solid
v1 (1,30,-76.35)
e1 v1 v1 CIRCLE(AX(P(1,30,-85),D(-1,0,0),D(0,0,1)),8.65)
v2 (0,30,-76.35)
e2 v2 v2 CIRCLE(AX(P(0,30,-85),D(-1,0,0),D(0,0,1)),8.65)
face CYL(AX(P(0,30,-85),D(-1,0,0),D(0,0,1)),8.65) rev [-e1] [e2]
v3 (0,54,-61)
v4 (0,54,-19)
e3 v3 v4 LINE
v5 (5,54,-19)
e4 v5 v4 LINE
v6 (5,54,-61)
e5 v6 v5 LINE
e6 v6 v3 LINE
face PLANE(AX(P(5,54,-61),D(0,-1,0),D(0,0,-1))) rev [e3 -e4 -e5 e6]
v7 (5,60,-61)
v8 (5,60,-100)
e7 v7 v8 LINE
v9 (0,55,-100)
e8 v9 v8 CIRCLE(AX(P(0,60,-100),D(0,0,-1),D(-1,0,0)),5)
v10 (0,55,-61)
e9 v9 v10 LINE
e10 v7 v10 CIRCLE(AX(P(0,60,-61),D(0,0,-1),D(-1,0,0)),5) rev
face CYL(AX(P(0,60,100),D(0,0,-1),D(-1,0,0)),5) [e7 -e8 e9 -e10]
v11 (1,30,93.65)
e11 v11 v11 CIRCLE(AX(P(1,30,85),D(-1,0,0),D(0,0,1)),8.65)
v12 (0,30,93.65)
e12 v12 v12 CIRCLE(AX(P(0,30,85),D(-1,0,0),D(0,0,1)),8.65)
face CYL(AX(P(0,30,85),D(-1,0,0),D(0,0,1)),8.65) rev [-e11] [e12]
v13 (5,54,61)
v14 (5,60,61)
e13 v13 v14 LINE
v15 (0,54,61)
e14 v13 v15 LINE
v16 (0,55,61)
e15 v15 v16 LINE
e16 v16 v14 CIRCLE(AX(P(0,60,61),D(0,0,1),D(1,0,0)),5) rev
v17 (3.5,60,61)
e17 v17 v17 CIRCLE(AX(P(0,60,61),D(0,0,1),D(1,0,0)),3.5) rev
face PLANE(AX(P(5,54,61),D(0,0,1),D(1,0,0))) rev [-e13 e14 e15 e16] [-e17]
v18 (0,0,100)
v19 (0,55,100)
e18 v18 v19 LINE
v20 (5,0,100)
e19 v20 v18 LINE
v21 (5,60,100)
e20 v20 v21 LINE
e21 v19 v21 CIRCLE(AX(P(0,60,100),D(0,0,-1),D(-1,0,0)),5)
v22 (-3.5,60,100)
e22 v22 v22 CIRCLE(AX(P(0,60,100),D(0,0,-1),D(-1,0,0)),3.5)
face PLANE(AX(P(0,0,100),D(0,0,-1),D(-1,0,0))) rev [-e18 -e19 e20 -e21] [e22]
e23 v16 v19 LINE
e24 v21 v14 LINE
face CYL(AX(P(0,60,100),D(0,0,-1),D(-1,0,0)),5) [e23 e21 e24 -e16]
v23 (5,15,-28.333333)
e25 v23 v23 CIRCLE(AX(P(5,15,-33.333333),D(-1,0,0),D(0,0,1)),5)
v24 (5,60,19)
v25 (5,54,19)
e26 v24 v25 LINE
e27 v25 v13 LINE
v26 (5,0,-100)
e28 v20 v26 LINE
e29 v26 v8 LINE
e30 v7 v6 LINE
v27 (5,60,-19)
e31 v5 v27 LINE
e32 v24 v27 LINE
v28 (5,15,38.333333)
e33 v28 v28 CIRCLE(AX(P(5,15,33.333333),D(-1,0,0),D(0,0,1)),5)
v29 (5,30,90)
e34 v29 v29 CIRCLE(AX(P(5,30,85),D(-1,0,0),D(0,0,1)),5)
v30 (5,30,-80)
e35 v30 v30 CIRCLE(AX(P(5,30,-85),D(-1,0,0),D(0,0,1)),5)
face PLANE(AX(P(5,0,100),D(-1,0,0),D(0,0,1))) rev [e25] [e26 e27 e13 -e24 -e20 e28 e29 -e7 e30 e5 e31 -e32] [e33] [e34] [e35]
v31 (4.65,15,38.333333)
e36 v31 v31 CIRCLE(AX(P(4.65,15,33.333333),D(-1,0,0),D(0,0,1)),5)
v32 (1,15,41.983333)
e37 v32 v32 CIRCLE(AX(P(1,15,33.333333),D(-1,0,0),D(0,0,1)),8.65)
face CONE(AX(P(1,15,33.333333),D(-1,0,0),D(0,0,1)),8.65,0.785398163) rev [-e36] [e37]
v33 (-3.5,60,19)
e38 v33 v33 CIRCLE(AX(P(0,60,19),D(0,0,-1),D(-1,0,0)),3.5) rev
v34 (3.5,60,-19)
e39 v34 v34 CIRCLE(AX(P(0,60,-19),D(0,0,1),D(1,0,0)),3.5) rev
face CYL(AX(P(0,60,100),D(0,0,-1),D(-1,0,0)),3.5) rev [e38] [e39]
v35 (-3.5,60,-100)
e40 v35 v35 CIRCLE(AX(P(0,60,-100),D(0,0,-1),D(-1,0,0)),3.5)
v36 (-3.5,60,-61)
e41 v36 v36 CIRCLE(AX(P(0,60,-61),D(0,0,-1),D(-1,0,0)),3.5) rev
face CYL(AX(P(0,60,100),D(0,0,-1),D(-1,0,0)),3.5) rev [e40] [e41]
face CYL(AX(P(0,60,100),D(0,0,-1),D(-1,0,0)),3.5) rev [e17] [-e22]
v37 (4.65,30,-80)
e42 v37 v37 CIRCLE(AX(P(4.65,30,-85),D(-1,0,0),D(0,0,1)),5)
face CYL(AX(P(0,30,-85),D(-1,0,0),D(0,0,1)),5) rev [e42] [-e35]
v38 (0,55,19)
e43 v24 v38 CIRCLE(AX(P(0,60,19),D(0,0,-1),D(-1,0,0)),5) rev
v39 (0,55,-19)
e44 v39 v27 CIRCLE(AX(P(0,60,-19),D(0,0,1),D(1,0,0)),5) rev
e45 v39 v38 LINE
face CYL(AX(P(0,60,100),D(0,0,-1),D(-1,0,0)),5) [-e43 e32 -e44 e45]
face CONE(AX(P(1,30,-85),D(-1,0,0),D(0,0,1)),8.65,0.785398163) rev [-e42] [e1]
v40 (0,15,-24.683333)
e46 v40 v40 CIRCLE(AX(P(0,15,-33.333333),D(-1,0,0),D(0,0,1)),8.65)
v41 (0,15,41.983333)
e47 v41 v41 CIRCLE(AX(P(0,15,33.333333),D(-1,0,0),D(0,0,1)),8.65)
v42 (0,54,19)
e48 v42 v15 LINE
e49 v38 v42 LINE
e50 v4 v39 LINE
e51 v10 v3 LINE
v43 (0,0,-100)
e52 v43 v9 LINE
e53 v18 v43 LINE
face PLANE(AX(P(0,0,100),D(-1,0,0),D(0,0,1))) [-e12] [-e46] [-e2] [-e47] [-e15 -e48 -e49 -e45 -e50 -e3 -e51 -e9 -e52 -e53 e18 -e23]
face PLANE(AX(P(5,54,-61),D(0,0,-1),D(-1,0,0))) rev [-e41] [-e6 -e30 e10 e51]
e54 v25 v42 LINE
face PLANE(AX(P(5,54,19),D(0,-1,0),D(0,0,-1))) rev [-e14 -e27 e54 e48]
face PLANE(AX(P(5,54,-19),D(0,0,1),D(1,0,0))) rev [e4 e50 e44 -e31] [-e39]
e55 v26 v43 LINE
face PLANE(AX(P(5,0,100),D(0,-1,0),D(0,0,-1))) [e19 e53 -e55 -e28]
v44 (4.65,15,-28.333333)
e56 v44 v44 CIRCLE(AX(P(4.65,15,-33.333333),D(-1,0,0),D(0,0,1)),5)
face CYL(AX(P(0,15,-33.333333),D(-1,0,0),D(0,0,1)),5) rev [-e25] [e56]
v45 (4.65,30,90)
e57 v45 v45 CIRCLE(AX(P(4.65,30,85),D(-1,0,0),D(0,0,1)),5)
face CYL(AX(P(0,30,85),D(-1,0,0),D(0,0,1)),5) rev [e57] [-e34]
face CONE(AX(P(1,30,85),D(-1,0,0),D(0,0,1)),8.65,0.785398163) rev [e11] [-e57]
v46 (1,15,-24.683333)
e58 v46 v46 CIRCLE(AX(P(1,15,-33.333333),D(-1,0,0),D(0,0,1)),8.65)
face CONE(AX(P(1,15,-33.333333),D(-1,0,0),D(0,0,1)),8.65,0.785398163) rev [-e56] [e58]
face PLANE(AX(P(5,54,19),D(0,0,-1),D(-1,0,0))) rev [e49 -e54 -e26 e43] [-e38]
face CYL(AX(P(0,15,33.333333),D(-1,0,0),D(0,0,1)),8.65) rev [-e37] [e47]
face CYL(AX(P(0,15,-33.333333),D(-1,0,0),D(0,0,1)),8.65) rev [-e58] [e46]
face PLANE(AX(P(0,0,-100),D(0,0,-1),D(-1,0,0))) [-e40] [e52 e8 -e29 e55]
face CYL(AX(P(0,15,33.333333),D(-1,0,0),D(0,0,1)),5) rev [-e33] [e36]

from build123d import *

# Parameters (mm, degrees)
SKETCH1_W                                      = 5
SKETCH1_H                                      = 60
EXTRUDE_THIN1_DEPTH                            = 100
SKETCH2_R                                      = 5
SKETCH3_R                                      = 3.5
CUT_EXTRUDE1_DEPTH                             = 211.35683968
CSK_FOR_M8_FLAT_HEAD_MACHINE_SCREW1_AT_2_COUNT = 2
CSK_FOR_M8_FLAT_HEAD_MACHINE_SCREW1_AT_2_PITCH = 53.800041305
F_2_CUTS_DEPTH                                 = 120.373363863
F_2_CUTS_DEPTH_BACK                            = 120.373363863
SKETCH8_W                                      = 42
SKETCH8_H                                      = 11


with BuildPart() as part:
    # Sketch1 → Extrude-Thin1 (new, symmetric)
    with BuildSketch(Plane.XY):
        with Locations((2.5, 30)):
            Rectangle(SKETCH1_W, SKETCH1_H)
    extrude(amount=EXTRUDE_THIN1_DEPTH, both=True)

    # Sweep1: sweep along a curve in space
    with BuildLine() as sweep1_path:
        Line((0, 60, 100), (0, 60, -100))
    # Sketch2 → Sweep1 (sweep)
    with BuildSketch(Plane(origin=(0, 0, -100), x_dir=(-1, 0, 0), z_dir=(0, 0, -1))):
        with Locations((0, 60)):
            Circle(SKETCH2_R)
    sweep(path=sweep1_path.line)

    # Sketch3 → Cut-Extrude1 (cut, through all)
    with BuildSketch(Plane(origin=(0, 0, -100), x_dir=(-1, 0, 0), z_dir=(0, 0, -1))):
        with Locations((0, 60)):
            Circle(SKETCH3_R)
    extrude(amount=-CUT_EXTRUDE1_DEPTH, mode=Mode.SUBTRACT)

    # Sketch4 → CSK for M8 Flat Head Machine Screw1 (revolve, cut)
    with BuildSketch(Plane(origin=(0, 30, -85), x_dir=(0, 0, 1), z_dir=(0, 1, 0))):
        Polygon((0, 0), (0, 5), (5, 5), (5, 4.65), (8.65, 1), (8.65, 0), align=None)
    csk_for_m8_flat_head_machine_screw1 = revolve(axis=Axis((-6.35, 30, -85), (1, 0, 0)), mode=Mode.SUBTRACT)

    # CSK for M8 Flat Head Machine Screw1 at 2: CSK for M8 Flat Head Machine Screw1 ×2
    with Locations(*[Vector(0, -0.2788101948639552, 0.9603462267536241) * (i * CSK_FOR_M8_FLAT_HEAD_MACHINE_SCREW1_AT_2_PITCH) for i in range(1, CSK_FOR_M8_FLAT_HEAD_MACHINE_SCREW1_AT_2_COUNT)]):
        add(csk_for_m8_flat_head_machine_screw1, mode=Mode.SUBTRACT)

    # Mirror1: CSK for M8 Flat Head Machine Screw1 across plane
    add(csk_for_m8_flat_head_machine_screw1.mirror(Plane.XY), mode=Mode.SUBTRACT)

    # Mirror1 copy 1 sketch → Mirror1 copy 1 (revolve, cut)
    with BuildSketch(Plane(origin=(0, 15, 33.333333333), x_dir=(0, 0, -1), z_dir=(0, 1, 0))):
        Polygon((0, 0), (0, -5), (5, -5), (5, -4.65), (8.65, -1), (8.65, 0), align=None)
    revolve(axis=Axis((-6.35, 15, 33.333333333), (-1, 0, 0)), mode=Mode.SUBTRACT)

    # Sketch8 → 2 cuts (cut, two sides: drawn at the far end of the back side and taken through both)
    with BuildSketch(Plane.ZY.offset(-F_2_CUTS_DEPTH_BACK)):
        with Locations((-40, 59.5)):
            Rectangle(SKETCH8_W, SKETCH8_H)
        with Locations((40, 59.5)):
            Rectangle(SKETCH8_W, SKETCH8_H)
    extrude(amount=F_2_CUTS_DEPTH + F_2_CUTS_DEPTH_BACK, mode=Mode.SUBTRACT)


solid = part.part
